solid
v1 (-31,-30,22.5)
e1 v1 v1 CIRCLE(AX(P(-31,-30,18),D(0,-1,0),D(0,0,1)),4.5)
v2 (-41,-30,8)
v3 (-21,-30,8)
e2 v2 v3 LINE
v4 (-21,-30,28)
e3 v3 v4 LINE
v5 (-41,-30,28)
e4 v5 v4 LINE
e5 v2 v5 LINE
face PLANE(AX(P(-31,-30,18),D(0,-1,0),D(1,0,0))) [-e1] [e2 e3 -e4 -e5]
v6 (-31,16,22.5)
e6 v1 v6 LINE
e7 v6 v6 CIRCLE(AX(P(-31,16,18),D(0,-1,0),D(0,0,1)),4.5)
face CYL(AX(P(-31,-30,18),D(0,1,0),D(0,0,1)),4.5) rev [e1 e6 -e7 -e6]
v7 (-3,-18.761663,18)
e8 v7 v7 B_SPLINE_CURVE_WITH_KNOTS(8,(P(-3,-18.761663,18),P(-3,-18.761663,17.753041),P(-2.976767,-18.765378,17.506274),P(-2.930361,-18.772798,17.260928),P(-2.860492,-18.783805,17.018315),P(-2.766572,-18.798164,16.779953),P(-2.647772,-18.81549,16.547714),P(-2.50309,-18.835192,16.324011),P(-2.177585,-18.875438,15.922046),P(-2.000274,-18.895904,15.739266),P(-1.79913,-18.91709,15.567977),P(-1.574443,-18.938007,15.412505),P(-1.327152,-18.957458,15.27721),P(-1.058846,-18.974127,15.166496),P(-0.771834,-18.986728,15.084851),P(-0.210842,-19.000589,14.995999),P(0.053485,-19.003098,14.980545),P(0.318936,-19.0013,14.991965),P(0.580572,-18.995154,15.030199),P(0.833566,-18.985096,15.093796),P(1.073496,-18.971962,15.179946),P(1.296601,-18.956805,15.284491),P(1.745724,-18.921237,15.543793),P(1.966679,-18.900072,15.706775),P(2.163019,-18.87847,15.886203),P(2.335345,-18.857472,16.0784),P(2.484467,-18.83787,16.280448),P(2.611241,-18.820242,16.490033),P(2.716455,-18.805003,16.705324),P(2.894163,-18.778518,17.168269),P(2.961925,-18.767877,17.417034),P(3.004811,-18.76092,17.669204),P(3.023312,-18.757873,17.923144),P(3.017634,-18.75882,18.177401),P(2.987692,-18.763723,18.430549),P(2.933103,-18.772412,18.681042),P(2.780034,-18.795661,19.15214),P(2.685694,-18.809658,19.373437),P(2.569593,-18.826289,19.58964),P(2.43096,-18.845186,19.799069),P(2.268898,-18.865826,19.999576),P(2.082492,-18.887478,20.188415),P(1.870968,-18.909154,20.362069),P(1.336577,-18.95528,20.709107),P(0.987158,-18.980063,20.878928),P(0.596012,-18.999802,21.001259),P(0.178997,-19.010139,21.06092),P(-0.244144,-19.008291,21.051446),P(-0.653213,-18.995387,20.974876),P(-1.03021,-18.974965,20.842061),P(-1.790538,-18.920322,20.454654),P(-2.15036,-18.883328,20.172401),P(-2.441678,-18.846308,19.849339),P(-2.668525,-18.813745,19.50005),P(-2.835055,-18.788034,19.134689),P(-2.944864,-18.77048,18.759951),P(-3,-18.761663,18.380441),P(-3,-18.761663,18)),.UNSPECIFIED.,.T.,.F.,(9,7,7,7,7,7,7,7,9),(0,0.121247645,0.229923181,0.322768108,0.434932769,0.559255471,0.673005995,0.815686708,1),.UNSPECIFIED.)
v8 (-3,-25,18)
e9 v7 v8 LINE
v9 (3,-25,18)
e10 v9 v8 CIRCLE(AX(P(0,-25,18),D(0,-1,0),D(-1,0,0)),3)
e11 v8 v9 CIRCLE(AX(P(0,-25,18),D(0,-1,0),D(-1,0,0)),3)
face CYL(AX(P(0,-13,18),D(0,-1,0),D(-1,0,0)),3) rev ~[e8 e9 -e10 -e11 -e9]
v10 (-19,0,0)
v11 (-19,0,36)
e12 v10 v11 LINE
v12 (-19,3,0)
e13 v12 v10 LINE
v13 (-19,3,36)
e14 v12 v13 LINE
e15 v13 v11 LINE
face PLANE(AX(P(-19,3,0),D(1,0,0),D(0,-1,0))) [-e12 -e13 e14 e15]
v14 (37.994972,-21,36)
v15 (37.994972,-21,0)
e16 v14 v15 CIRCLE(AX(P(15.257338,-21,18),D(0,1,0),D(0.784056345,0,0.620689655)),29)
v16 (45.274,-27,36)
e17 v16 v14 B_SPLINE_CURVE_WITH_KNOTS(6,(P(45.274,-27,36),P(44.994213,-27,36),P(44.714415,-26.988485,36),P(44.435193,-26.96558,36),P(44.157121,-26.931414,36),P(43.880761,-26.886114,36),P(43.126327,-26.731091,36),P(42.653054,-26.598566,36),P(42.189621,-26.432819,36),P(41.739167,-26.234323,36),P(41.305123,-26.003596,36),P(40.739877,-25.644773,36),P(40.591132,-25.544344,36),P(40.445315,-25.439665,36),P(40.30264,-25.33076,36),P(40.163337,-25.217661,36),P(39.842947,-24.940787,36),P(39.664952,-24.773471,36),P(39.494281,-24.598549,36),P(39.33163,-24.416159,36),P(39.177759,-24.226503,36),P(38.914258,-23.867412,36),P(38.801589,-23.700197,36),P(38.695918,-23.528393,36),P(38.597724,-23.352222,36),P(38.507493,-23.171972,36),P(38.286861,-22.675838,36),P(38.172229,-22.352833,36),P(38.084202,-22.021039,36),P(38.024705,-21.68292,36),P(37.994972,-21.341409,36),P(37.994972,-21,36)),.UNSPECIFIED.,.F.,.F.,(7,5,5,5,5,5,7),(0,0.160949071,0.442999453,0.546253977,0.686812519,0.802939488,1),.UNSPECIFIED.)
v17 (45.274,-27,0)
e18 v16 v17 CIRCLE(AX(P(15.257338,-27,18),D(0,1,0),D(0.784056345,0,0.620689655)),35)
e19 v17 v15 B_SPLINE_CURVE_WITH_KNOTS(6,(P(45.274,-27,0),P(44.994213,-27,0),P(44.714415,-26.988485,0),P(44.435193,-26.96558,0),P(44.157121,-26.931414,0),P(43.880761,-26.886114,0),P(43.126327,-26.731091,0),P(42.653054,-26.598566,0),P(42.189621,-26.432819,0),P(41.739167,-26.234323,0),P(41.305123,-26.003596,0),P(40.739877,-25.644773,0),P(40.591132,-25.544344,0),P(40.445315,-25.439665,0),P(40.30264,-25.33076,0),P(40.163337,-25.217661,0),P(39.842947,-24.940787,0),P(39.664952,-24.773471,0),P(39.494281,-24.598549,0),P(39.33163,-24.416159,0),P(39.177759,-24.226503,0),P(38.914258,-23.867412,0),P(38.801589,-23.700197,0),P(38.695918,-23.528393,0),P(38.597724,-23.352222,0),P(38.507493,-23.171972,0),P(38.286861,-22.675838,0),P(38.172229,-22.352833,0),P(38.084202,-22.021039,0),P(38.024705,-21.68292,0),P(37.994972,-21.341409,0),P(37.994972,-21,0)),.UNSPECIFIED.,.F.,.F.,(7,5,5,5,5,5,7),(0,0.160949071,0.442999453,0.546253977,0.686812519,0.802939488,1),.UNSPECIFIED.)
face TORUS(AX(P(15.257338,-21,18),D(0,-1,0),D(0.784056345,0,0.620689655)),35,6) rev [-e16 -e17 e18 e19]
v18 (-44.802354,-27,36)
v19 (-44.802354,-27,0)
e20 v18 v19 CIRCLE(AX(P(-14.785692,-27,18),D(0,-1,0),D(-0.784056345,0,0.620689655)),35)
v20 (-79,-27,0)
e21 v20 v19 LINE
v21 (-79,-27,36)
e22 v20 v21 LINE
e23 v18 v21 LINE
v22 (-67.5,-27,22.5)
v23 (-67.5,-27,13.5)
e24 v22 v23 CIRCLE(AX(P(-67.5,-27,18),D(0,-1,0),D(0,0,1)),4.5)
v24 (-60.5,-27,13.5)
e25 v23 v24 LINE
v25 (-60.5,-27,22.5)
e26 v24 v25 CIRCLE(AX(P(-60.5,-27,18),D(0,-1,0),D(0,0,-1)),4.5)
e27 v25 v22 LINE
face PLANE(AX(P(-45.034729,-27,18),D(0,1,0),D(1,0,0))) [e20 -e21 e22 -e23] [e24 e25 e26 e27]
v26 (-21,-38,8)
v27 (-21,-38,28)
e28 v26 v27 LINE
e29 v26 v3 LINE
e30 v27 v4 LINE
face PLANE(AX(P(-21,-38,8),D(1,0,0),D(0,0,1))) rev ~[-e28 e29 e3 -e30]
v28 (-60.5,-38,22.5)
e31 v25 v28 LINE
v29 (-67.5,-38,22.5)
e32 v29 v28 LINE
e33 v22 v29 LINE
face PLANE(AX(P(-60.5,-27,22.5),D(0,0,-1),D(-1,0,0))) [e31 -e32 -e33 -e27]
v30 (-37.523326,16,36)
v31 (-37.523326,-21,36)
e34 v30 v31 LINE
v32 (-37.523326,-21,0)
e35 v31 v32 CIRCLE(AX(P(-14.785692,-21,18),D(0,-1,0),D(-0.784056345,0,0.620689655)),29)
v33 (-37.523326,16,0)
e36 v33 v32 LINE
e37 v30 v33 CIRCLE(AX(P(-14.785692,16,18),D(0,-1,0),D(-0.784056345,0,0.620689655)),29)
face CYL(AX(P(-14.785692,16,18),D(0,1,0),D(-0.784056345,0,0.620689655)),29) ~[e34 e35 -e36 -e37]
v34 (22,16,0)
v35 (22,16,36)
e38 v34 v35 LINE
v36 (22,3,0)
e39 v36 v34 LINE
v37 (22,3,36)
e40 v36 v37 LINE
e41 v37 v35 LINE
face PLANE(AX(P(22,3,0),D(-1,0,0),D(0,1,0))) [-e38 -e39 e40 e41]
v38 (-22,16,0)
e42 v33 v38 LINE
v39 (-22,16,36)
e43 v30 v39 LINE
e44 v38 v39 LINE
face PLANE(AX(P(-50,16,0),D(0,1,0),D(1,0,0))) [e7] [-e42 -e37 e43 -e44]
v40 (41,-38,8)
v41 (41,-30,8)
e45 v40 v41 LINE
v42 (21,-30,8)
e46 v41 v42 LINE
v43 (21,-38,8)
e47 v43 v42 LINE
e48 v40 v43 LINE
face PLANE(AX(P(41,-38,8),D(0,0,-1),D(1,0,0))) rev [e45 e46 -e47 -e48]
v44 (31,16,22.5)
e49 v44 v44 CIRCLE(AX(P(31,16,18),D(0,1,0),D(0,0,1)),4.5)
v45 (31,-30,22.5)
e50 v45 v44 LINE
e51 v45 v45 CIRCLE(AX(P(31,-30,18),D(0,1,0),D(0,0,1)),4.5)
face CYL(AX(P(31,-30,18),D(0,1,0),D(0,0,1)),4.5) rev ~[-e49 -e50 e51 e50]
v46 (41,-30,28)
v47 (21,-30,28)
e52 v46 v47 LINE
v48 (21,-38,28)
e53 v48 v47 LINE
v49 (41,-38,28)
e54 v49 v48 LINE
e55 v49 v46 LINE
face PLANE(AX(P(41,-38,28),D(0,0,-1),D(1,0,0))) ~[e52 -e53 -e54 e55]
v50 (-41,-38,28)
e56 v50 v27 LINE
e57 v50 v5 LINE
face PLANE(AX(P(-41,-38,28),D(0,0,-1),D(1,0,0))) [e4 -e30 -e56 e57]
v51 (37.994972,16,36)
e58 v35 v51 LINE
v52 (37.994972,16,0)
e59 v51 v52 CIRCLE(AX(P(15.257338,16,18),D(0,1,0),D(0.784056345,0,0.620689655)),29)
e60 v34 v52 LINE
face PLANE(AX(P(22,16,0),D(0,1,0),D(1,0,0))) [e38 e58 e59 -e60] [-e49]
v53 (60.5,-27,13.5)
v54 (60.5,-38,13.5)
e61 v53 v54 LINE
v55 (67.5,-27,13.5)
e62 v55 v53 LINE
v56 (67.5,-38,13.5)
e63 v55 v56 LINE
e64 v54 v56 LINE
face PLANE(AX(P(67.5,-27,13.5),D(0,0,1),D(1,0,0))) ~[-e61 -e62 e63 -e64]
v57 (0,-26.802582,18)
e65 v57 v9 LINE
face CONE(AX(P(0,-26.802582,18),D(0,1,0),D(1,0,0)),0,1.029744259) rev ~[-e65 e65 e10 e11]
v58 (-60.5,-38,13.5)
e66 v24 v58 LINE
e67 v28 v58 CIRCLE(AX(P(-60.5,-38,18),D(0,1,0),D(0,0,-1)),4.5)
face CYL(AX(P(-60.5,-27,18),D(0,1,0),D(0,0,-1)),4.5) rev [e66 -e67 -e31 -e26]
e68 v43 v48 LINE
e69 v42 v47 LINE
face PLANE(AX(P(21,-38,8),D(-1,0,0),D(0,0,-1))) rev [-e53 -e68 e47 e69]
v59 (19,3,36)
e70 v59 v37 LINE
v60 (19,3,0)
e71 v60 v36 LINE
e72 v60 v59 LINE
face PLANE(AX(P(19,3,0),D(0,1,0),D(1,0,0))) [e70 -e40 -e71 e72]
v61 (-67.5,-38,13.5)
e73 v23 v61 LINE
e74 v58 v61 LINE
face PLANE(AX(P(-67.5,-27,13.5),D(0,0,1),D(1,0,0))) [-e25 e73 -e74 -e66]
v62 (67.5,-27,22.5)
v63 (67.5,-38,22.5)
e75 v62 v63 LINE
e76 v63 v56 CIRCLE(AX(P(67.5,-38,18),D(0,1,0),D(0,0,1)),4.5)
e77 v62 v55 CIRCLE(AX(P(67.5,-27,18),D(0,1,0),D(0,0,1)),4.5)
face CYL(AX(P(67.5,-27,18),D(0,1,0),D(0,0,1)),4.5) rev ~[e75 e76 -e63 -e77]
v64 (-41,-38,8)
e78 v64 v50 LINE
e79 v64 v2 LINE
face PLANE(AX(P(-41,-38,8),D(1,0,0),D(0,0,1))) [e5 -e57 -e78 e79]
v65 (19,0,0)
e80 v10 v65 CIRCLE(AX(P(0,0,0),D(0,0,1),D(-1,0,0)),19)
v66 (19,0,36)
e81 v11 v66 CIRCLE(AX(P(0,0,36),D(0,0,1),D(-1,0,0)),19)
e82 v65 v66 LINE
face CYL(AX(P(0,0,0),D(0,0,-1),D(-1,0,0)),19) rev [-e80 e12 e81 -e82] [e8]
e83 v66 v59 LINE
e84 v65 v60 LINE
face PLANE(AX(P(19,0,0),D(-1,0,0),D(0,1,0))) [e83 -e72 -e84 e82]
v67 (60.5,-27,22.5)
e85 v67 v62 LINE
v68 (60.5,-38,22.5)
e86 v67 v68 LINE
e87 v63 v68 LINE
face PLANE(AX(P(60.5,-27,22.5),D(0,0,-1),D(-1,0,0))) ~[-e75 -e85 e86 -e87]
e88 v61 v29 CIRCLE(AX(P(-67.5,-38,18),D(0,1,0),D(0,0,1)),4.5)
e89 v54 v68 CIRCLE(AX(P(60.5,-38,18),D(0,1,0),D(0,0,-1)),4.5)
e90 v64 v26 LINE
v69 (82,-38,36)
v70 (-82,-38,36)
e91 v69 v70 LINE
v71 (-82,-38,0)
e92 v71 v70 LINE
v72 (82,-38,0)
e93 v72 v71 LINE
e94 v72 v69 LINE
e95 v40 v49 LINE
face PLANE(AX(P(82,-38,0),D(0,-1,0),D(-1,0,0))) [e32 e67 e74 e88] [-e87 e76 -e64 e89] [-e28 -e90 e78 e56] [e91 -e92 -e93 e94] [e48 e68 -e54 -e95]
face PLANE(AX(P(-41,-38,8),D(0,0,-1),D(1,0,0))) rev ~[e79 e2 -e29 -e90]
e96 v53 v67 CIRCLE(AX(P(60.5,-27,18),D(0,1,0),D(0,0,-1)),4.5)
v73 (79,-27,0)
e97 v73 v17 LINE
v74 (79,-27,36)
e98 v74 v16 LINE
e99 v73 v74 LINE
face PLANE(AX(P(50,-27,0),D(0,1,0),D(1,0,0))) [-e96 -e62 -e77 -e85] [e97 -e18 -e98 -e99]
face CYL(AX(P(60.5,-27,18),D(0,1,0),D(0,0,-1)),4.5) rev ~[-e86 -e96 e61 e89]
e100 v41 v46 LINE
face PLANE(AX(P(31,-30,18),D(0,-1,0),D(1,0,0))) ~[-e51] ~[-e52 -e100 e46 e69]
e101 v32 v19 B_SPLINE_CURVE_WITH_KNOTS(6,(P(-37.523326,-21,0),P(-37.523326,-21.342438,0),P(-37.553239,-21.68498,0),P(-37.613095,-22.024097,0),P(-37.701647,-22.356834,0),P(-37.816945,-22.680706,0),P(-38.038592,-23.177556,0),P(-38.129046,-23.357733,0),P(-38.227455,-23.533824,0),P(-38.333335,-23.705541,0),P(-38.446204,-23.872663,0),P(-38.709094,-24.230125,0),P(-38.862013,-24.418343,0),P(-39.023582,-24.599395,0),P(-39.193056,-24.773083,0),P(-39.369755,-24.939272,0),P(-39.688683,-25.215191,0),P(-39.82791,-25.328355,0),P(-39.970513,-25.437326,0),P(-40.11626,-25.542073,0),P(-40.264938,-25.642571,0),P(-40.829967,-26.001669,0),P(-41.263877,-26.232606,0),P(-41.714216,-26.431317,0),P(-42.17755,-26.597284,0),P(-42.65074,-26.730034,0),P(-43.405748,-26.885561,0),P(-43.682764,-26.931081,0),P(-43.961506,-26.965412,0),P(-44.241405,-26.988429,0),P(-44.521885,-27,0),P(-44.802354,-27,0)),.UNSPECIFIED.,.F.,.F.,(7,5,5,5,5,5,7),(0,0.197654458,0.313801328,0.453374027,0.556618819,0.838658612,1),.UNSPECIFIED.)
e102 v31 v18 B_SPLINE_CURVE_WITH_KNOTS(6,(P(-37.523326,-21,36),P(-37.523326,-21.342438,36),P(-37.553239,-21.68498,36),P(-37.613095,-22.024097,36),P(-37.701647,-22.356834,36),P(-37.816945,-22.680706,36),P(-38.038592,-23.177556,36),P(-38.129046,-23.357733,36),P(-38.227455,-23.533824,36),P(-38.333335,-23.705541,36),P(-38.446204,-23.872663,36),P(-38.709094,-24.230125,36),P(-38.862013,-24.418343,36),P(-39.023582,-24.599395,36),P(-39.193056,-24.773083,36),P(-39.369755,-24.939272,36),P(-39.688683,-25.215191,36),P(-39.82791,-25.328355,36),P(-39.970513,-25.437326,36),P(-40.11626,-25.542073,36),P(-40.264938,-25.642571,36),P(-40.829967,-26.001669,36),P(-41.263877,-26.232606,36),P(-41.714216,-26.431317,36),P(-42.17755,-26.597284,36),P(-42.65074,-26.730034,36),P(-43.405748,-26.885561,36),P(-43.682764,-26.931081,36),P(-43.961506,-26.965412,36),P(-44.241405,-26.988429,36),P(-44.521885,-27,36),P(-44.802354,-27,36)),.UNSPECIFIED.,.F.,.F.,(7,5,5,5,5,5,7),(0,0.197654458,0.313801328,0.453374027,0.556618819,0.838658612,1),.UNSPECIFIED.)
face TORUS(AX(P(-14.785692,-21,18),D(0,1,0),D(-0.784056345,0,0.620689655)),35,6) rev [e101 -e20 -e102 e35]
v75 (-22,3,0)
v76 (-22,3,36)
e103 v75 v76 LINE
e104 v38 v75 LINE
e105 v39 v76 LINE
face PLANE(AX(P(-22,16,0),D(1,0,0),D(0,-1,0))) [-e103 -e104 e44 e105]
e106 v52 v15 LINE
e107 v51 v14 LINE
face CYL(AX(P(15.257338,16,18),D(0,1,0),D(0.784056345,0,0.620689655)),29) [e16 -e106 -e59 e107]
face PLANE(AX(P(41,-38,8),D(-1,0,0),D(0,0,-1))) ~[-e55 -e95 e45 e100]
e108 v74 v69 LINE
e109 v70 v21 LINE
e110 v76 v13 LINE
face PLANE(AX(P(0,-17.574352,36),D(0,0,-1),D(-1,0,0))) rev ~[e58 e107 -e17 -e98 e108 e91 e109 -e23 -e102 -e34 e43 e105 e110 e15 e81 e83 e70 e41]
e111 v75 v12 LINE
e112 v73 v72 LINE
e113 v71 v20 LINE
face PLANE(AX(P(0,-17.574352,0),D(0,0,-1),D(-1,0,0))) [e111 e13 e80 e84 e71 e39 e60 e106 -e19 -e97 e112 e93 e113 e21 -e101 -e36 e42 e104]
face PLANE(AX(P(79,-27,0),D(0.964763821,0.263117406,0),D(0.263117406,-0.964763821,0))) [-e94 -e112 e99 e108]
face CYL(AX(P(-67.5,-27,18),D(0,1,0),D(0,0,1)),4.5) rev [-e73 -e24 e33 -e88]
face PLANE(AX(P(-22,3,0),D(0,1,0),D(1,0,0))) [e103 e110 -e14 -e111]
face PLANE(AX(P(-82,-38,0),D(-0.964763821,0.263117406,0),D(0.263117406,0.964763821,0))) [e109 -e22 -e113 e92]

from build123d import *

# Parameters (mm, degrees)
BOSS_EXTRUDE2_DEPTH       = 36
CUT_EXTRUDE1_DEPTH        = 43
FILLET1_R                 = 6
CUT_EXTRUDE2_DEPTH        = 43
FILLET2_R                 = 6
F_6_0MM_DOWEL_HOLE1_D     = 6
F_6_0MM_DOWEL_HOLE1_DEPTH = 6
F_6_0MM_DOWEL_HOLE1_TIP   = 1.802581857
SKETCH23_W                = 20
SKETCH23_H                = 20
CUT_EXTRUDE4_DEPTH        = 8
CUT_EXTRUDE5_DEPTH        = 12.0000001


with BuildPart() as part:
    # Sketch1 → Boss-Extrude2 (new body)
    with BuildSketch(Plane.XY):
        with BuildLine():
            Line((50, -27), (79, -27))
            Line((79, -27), (82, -38))
            Line((82, -38), (-82, -38))
            Line((-82, -38), (-79, -27))
            Line((-79, -27), (-50, -27))
            Line((-50, -27), (-50, 16))
            Line((-50, 16), (-22, 16))
            Line((-22, 16), (-22, 3))
            Line((-22, 3), (-19, 3))
            Line((-19, 3), (-19, 0))
            ThreePointArc((-19, 0), (0, -19), (19, 0))
            Line((19, 0), (19, 3))
            Line((19, 3), (22, 3))
            Line((22, 3), (22, 16))
            Line((22, 16), (50, 16))
            Line((50, 16), (50, -27))
        make_face()
    extrude(amount=BOSS_EXTRUDE2_DEPTH)

    # Sketch11 → Cut-Extrude1 (cut)
    with BuildSketch(Plane(origin=(0, 16, 0), x_dir=(1, 0, 0), z_dir=(0, 1, 0))):
        with BuildLine():
            Line((-50, 0), (-50, -36))
            Line((-50, -36), (-37.523326079, -36))
            ThreePointArc((-37.523326079, -36), (-43.785692077, -18), (-37.523326079, 0))
            Line((-37.523326079, 0), (-50, 0))
        make_face()
    extrude(amount=-CUT_EXTRUDE1_DEPTH, mode=Mode.SUBTRACT)

    # Fillet1
    fillet1_edges = [part.edges().sort_by_distance(p)[0] for p in [
        (-43.785692077, -27, 18),
    ]]
    fillet(fillet1_edges, radius=FILLET1_R)

    # Sketch12 → Cut-Extrude2 (cut)
    with BuildSketch(Plane(origin=(0, 16, 0), x_dir=(1, 0, 0), z_dir=(0, 1, 0))):
        with BuildLine():
            Line((37.994971795, 0), (50, 0))
            Line((50, 0), (50, -36))
            Line((50, -36), (37.994971795, -36))
            ThreePointArc((37.994971795, -36), (44.257337793, -18), (37.994971795, 0))
        make_face()
    extrude(amount=-CUT_EXTRUDE2_DEPTH, mode=Mode.SUBTRACT)

    # Fillet2
    fillet2_edges = [part.edges().sort_by_distance(p)[0] for p in [
        (44.257337793, -27, 18),
    ]]
    fillet(fillet2_edges, radius=FILLET2_R)

    # Ø6.0mm Dowel Hole1
    with Locations(Plane(origin=(0, -19, 18), x_dir=(1, 0, 0), z_dir=(0, 1, 0))):
        with Locations((0, 0)):
            Hole(F_6_0MM_DOWEL_HOLE1_D / 2, depth=F_6_0MM_DOWEL_HOLE1_DEPTH)
            with Locations((0, 0, -(F_6_0MM_DOWEL_HOLE1_DEPTH + F_6_0MM_DOWEL_HOLE1_TIP / 2))):  # 118° drill point
                Cone(0, F_6_0MM_DOWEL_HOLE1_D / 2, F_6_0MM_DOWEL_HOLE1_TIP, mode=Mode.SUBTRACT)

    # Sketch19 → Ø6.0mm Dowel Hole3 (revolve, cut)
    with BuildSketch(Plane(origin=(-31, 16, 18), x_dir=(0, 0, 1), z_dir=(1, 0, 0))):
        Polygon((0, 0), (0, 48.703872786), (4.5, 46), (4.5, 0), align=None)
    f_6_0mm_dowel_hole3 = revolve(axis=Axis((-31, 22.35, 18), (0, -1, 0)), mode=Mode.SUBTRACT)

    # Sketch23 → Cut-Extrude4 (cut)
    with BuildSketch(Plane.XZ.offset(38)):
        with Locations((-31, 18)):
            Rectangle(SKETCH23_W, SKETCH23_H)
    cut_extrude4 = extrude(amount=-CUT_EXTRUDE4_DEPTH, mode=Mode.SUBTRACT)

    # Mirror1: Ø6.0mm Dowel Hole3, Cut-Extrude4 across plane
    add(f_6_0mm_dowel_hole3.mirror(Plane(origin=(0, 0, 0), x_dir=(0, 0, 1), z_dir=(1, 0, 0))), mode=Mode.SUBTRACT)
    add(cut_extrude4.mirror(Plane(origin=(0, 0, 0), x_dir=(0, 0, 1), z_dir=(1, 0, 0))), mode=Mode.SUBTRACT)

    # Sketch25 → Cut-Extrude5 (cut, through all)
    with BuildSketch(Plane(origin=(0, -27, 0), x_dir=(1, 0, 0), z_dir=(0, 1, 0))):
        with BuildLine():
            Line((-67.5, -13.5), (-60.5, -13.5))
            ThreePointArc((-60.5, -13.5), (-56, -18), (-60.5, -22.5))
            Line((-60.5, -22.5), (-67.5, -22.5))
            ThreePointArc((-67.5, -22.5), (-72, -18), (-67.5, -13.5))
        make_face()
    cut_extrude5 = extrude(amount=-CUT_EXTRUDE5_DEPTH, mode=Mode.SUBTRACT)

    # Mirror2: Cut-Extrude5 across plane
    add(cut_extrude5.mirror(Plane(origin=(0, 0, 0), x_dir=(0, 0, 1), z_dir=(1, 0, 0))), mode=Mode.SUBTRACT)


solid = part.part
